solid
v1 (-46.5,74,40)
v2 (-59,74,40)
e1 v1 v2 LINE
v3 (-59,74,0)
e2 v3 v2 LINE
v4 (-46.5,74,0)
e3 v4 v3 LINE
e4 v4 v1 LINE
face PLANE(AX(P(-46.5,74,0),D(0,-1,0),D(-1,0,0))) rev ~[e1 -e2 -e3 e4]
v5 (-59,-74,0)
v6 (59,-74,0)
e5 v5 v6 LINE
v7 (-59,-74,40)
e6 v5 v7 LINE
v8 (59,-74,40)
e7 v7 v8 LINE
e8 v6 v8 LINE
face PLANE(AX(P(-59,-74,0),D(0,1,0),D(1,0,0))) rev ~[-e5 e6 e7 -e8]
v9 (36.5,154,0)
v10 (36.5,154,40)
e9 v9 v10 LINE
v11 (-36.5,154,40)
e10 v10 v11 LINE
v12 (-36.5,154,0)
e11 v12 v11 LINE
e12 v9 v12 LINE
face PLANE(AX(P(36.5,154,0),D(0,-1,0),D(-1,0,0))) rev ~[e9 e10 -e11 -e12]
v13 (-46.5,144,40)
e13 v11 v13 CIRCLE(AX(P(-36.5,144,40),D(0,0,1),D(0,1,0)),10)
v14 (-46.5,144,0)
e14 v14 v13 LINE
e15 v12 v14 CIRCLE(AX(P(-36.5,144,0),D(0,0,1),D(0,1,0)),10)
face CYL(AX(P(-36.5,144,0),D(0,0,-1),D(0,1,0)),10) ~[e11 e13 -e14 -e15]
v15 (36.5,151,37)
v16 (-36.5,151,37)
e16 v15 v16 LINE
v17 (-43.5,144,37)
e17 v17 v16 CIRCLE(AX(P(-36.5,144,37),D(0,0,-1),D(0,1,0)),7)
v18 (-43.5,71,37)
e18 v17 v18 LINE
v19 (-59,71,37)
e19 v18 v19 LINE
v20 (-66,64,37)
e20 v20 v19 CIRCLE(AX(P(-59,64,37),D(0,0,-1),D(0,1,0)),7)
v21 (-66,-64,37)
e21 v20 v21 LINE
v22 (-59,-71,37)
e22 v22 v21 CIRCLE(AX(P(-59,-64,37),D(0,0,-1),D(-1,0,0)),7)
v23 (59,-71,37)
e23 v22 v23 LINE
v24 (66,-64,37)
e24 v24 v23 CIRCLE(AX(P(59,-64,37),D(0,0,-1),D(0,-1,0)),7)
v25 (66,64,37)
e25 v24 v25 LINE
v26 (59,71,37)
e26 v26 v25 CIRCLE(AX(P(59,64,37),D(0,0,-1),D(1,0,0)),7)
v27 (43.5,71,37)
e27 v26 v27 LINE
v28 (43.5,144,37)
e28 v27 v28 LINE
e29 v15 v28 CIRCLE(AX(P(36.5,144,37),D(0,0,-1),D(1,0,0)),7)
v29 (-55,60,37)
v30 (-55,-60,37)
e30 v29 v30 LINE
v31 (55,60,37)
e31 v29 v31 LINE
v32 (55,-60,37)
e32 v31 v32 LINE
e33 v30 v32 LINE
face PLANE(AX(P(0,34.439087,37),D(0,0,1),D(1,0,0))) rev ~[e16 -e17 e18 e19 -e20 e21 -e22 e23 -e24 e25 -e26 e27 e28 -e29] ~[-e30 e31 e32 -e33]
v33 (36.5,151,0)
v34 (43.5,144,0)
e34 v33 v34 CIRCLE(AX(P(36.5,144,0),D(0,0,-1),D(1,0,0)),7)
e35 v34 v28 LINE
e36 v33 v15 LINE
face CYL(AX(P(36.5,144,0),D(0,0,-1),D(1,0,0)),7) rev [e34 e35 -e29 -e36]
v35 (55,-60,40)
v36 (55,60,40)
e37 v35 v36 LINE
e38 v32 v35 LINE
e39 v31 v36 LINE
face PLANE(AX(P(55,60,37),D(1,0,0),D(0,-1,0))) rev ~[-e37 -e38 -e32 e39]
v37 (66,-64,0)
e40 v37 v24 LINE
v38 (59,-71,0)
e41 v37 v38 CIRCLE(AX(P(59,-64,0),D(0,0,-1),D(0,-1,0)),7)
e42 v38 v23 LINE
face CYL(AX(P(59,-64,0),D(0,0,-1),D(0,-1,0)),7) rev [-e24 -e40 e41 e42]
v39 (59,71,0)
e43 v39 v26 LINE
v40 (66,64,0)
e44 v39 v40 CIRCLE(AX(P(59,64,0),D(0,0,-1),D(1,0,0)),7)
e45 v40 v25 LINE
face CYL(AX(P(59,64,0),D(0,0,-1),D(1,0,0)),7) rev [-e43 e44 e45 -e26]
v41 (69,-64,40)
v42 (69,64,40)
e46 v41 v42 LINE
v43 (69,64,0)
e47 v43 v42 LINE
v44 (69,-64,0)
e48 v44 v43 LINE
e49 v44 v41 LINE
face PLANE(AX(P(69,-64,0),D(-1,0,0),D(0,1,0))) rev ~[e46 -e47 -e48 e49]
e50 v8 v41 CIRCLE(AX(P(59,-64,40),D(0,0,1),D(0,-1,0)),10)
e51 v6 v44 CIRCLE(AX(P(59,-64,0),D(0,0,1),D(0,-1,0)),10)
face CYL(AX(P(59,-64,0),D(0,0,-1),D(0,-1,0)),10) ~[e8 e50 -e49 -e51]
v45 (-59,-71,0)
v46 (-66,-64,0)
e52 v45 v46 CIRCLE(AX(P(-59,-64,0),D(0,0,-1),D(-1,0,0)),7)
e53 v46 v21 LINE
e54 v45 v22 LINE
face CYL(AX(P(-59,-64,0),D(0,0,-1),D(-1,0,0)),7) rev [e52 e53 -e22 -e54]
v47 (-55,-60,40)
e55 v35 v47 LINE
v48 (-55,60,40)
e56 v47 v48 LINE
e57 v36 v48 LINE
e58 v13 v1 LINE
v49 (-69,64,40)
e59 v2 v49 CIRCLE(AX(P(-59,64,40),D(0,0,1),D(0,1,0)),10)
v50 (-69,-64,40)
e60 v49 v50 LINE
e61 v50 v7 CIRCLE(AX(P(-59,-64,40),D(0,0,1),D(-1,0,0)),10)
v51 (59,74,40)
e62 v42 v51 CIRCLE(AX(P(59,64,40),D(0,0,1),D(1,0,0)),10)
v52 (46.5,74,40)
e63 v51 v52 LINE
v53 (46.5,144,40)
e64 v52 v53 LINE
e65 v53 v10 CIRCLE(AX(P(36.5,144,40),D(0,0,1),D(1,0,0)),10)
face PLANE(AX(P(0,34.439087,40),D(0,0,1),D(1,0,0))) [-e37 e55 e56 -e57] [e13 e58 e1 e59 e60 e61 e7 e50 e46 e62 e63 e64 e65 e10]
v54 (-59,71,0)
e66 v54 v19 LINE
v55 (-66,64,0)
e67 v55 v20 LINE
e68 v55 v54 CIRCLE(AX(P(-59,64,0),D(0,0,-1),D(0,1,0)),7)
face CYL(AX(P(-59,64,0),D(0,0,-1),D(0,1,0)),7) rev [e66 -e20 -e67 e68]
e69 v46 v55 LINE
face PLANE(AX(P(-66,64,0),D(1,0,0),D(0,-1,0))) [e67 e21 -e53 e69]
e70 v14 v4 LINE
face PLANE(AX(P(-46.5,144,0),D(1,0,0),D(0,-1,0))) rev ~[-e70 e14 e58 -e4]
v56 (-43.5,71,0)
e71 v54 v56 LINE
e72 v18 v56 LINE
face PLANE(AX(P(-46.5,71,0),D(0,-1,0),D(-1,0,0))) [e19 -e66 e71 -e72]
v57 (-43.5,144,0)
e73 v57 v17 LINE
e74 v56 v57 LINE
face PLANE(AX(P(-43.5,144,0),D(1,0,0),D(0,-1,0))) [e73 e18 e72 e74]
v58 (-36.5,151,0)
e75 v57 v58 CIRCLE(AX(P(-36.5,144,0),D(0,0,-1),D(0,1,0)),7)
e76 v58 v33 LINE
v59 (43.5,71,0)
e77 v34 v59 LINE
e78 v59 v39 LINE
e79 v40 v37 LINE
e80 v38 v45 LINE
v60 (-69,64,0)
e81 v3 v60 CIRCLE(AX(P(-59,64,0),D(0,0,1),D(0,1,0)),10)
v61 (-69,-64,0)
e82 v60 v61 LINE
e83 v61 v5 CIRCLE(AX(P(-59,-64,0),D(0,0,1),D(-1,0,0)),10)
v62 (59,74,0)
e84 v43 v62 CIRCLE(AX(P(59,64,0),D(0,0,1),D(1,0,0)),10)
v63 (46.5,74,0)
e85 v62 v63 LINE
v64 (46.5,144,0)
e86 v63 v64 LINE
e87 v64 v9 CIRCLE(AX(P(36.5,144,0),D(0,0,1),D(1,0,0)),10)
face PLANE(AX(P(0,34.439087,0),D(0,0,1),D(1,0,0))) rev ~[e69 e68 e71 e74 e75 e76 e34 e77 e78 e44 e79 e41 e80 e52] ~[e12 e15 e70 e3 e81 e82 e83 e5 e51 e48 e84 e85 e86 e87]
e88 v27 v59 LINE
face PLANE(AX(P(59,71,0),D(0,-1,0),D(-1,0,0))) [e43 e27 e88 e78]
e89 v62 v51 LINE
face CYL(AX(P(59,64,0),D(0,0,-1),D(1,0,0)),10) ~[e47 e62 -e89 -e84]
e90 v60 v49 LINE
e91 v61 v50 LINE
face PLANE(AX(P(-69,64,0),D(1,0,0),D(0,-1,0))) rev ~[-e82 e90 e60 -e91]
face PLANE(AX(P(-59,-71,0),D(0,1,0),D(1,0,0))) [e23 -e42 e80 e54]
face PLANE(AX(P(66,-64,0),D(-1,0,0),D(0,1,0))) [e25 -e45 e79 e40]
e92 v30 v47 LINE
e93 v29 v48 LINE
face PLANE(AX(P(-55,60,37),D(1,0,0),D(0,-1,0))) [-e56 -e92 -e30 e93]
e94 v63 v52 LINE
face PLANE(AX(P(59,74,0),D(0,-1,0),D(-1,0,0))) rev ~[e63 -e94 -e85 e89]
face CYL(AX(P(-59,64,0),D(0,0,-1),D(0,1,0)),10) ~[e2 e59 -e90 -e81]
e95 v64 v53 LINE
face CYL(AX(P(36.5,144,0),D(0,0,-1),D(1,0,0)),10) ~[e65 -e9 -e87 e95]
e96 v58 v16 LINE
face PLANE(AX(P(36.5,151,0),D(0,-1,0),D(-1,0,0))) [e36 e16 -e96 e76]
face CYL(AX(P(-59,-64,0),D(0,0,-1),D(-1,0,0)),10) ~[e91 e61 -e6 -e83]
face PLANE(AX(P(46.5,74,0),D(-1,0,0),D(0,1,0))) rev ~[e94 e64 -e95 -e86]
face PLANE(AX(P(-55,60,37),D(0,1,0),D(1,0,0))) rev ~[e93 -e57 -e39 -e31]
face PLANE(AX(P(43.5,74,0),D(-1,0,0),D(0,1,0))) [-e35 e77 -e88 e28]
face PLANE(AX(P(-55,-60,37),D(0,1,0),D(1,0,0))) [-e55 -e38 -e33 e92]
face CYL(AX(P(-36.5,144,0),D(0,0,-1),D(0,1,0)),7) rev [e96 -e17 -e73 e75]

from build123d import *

# Parameters (mm, degrees)
F1_DEPTH = 40
F2_T     = -3
F3_W     = 110
F3_H     = 120
F4_DEPTH = 25


with BuildPart() as f1:
    # F0 (on Top) → F1 (new body)
    with BuildSketch(Plane.XY):
        with BuildLine():
            ThreePointArc((-69, -64), (-66.0710678119, -71.0710678119), (-59, -74))
            Line((-59, -74), (59, -74))
            ThreePointArc((59, -74), (66.0710678119, -71.0710678119), (69, -64))
            Line((69, -64), (69, 64))
            ThreePointArc((69, 64), (66.0710678119, 71.0710678119), (59, 74))
            Line((59, 74), (46.5, 74))
            Line((46.5, 74), (46.5, 144))
            ThreePointArc((46.5, 144), (43.5710678119, 151.0710678119), (36.5, 154))
            Line((36.5, 154), (-36.5, 154))
            ThreePointArc((-36.5, 154), (-43.5710678119, 151.0710678119), (-46.5, 144))
            Line((-46.5, 144), (-46.5, 74))
            Line((-46.5, 74), (-59, 74))
            ThreePointArc((-59, 74), (-66.0710678119, 71.0710678119), (-69, 64))
            Line((-69, 64), (-69, -64))
        make_face()
    extrude(amount=F1_DEPTH)

    # F2
    f2_openings = [f1.faces().sort_by_distance(p)[0] for p in [
        (0, 30.345732, 0),
    ]]
    offset(amount=F2_T, openings=f2_openings, kind=Kind.INTERSECTION)

    # F3 (on face) → F4 (cut)
    with BuildSketch(Plane(origin=(0, 0, 37), x_dir=(1, 0, 0), z_dir=(0, 0, -1))):
        Rectangle(F3_W, F3_H)
    extrude(amount=-F4_DEPTH, mode=Mode.SUBTRACT)


solid = f1.part
